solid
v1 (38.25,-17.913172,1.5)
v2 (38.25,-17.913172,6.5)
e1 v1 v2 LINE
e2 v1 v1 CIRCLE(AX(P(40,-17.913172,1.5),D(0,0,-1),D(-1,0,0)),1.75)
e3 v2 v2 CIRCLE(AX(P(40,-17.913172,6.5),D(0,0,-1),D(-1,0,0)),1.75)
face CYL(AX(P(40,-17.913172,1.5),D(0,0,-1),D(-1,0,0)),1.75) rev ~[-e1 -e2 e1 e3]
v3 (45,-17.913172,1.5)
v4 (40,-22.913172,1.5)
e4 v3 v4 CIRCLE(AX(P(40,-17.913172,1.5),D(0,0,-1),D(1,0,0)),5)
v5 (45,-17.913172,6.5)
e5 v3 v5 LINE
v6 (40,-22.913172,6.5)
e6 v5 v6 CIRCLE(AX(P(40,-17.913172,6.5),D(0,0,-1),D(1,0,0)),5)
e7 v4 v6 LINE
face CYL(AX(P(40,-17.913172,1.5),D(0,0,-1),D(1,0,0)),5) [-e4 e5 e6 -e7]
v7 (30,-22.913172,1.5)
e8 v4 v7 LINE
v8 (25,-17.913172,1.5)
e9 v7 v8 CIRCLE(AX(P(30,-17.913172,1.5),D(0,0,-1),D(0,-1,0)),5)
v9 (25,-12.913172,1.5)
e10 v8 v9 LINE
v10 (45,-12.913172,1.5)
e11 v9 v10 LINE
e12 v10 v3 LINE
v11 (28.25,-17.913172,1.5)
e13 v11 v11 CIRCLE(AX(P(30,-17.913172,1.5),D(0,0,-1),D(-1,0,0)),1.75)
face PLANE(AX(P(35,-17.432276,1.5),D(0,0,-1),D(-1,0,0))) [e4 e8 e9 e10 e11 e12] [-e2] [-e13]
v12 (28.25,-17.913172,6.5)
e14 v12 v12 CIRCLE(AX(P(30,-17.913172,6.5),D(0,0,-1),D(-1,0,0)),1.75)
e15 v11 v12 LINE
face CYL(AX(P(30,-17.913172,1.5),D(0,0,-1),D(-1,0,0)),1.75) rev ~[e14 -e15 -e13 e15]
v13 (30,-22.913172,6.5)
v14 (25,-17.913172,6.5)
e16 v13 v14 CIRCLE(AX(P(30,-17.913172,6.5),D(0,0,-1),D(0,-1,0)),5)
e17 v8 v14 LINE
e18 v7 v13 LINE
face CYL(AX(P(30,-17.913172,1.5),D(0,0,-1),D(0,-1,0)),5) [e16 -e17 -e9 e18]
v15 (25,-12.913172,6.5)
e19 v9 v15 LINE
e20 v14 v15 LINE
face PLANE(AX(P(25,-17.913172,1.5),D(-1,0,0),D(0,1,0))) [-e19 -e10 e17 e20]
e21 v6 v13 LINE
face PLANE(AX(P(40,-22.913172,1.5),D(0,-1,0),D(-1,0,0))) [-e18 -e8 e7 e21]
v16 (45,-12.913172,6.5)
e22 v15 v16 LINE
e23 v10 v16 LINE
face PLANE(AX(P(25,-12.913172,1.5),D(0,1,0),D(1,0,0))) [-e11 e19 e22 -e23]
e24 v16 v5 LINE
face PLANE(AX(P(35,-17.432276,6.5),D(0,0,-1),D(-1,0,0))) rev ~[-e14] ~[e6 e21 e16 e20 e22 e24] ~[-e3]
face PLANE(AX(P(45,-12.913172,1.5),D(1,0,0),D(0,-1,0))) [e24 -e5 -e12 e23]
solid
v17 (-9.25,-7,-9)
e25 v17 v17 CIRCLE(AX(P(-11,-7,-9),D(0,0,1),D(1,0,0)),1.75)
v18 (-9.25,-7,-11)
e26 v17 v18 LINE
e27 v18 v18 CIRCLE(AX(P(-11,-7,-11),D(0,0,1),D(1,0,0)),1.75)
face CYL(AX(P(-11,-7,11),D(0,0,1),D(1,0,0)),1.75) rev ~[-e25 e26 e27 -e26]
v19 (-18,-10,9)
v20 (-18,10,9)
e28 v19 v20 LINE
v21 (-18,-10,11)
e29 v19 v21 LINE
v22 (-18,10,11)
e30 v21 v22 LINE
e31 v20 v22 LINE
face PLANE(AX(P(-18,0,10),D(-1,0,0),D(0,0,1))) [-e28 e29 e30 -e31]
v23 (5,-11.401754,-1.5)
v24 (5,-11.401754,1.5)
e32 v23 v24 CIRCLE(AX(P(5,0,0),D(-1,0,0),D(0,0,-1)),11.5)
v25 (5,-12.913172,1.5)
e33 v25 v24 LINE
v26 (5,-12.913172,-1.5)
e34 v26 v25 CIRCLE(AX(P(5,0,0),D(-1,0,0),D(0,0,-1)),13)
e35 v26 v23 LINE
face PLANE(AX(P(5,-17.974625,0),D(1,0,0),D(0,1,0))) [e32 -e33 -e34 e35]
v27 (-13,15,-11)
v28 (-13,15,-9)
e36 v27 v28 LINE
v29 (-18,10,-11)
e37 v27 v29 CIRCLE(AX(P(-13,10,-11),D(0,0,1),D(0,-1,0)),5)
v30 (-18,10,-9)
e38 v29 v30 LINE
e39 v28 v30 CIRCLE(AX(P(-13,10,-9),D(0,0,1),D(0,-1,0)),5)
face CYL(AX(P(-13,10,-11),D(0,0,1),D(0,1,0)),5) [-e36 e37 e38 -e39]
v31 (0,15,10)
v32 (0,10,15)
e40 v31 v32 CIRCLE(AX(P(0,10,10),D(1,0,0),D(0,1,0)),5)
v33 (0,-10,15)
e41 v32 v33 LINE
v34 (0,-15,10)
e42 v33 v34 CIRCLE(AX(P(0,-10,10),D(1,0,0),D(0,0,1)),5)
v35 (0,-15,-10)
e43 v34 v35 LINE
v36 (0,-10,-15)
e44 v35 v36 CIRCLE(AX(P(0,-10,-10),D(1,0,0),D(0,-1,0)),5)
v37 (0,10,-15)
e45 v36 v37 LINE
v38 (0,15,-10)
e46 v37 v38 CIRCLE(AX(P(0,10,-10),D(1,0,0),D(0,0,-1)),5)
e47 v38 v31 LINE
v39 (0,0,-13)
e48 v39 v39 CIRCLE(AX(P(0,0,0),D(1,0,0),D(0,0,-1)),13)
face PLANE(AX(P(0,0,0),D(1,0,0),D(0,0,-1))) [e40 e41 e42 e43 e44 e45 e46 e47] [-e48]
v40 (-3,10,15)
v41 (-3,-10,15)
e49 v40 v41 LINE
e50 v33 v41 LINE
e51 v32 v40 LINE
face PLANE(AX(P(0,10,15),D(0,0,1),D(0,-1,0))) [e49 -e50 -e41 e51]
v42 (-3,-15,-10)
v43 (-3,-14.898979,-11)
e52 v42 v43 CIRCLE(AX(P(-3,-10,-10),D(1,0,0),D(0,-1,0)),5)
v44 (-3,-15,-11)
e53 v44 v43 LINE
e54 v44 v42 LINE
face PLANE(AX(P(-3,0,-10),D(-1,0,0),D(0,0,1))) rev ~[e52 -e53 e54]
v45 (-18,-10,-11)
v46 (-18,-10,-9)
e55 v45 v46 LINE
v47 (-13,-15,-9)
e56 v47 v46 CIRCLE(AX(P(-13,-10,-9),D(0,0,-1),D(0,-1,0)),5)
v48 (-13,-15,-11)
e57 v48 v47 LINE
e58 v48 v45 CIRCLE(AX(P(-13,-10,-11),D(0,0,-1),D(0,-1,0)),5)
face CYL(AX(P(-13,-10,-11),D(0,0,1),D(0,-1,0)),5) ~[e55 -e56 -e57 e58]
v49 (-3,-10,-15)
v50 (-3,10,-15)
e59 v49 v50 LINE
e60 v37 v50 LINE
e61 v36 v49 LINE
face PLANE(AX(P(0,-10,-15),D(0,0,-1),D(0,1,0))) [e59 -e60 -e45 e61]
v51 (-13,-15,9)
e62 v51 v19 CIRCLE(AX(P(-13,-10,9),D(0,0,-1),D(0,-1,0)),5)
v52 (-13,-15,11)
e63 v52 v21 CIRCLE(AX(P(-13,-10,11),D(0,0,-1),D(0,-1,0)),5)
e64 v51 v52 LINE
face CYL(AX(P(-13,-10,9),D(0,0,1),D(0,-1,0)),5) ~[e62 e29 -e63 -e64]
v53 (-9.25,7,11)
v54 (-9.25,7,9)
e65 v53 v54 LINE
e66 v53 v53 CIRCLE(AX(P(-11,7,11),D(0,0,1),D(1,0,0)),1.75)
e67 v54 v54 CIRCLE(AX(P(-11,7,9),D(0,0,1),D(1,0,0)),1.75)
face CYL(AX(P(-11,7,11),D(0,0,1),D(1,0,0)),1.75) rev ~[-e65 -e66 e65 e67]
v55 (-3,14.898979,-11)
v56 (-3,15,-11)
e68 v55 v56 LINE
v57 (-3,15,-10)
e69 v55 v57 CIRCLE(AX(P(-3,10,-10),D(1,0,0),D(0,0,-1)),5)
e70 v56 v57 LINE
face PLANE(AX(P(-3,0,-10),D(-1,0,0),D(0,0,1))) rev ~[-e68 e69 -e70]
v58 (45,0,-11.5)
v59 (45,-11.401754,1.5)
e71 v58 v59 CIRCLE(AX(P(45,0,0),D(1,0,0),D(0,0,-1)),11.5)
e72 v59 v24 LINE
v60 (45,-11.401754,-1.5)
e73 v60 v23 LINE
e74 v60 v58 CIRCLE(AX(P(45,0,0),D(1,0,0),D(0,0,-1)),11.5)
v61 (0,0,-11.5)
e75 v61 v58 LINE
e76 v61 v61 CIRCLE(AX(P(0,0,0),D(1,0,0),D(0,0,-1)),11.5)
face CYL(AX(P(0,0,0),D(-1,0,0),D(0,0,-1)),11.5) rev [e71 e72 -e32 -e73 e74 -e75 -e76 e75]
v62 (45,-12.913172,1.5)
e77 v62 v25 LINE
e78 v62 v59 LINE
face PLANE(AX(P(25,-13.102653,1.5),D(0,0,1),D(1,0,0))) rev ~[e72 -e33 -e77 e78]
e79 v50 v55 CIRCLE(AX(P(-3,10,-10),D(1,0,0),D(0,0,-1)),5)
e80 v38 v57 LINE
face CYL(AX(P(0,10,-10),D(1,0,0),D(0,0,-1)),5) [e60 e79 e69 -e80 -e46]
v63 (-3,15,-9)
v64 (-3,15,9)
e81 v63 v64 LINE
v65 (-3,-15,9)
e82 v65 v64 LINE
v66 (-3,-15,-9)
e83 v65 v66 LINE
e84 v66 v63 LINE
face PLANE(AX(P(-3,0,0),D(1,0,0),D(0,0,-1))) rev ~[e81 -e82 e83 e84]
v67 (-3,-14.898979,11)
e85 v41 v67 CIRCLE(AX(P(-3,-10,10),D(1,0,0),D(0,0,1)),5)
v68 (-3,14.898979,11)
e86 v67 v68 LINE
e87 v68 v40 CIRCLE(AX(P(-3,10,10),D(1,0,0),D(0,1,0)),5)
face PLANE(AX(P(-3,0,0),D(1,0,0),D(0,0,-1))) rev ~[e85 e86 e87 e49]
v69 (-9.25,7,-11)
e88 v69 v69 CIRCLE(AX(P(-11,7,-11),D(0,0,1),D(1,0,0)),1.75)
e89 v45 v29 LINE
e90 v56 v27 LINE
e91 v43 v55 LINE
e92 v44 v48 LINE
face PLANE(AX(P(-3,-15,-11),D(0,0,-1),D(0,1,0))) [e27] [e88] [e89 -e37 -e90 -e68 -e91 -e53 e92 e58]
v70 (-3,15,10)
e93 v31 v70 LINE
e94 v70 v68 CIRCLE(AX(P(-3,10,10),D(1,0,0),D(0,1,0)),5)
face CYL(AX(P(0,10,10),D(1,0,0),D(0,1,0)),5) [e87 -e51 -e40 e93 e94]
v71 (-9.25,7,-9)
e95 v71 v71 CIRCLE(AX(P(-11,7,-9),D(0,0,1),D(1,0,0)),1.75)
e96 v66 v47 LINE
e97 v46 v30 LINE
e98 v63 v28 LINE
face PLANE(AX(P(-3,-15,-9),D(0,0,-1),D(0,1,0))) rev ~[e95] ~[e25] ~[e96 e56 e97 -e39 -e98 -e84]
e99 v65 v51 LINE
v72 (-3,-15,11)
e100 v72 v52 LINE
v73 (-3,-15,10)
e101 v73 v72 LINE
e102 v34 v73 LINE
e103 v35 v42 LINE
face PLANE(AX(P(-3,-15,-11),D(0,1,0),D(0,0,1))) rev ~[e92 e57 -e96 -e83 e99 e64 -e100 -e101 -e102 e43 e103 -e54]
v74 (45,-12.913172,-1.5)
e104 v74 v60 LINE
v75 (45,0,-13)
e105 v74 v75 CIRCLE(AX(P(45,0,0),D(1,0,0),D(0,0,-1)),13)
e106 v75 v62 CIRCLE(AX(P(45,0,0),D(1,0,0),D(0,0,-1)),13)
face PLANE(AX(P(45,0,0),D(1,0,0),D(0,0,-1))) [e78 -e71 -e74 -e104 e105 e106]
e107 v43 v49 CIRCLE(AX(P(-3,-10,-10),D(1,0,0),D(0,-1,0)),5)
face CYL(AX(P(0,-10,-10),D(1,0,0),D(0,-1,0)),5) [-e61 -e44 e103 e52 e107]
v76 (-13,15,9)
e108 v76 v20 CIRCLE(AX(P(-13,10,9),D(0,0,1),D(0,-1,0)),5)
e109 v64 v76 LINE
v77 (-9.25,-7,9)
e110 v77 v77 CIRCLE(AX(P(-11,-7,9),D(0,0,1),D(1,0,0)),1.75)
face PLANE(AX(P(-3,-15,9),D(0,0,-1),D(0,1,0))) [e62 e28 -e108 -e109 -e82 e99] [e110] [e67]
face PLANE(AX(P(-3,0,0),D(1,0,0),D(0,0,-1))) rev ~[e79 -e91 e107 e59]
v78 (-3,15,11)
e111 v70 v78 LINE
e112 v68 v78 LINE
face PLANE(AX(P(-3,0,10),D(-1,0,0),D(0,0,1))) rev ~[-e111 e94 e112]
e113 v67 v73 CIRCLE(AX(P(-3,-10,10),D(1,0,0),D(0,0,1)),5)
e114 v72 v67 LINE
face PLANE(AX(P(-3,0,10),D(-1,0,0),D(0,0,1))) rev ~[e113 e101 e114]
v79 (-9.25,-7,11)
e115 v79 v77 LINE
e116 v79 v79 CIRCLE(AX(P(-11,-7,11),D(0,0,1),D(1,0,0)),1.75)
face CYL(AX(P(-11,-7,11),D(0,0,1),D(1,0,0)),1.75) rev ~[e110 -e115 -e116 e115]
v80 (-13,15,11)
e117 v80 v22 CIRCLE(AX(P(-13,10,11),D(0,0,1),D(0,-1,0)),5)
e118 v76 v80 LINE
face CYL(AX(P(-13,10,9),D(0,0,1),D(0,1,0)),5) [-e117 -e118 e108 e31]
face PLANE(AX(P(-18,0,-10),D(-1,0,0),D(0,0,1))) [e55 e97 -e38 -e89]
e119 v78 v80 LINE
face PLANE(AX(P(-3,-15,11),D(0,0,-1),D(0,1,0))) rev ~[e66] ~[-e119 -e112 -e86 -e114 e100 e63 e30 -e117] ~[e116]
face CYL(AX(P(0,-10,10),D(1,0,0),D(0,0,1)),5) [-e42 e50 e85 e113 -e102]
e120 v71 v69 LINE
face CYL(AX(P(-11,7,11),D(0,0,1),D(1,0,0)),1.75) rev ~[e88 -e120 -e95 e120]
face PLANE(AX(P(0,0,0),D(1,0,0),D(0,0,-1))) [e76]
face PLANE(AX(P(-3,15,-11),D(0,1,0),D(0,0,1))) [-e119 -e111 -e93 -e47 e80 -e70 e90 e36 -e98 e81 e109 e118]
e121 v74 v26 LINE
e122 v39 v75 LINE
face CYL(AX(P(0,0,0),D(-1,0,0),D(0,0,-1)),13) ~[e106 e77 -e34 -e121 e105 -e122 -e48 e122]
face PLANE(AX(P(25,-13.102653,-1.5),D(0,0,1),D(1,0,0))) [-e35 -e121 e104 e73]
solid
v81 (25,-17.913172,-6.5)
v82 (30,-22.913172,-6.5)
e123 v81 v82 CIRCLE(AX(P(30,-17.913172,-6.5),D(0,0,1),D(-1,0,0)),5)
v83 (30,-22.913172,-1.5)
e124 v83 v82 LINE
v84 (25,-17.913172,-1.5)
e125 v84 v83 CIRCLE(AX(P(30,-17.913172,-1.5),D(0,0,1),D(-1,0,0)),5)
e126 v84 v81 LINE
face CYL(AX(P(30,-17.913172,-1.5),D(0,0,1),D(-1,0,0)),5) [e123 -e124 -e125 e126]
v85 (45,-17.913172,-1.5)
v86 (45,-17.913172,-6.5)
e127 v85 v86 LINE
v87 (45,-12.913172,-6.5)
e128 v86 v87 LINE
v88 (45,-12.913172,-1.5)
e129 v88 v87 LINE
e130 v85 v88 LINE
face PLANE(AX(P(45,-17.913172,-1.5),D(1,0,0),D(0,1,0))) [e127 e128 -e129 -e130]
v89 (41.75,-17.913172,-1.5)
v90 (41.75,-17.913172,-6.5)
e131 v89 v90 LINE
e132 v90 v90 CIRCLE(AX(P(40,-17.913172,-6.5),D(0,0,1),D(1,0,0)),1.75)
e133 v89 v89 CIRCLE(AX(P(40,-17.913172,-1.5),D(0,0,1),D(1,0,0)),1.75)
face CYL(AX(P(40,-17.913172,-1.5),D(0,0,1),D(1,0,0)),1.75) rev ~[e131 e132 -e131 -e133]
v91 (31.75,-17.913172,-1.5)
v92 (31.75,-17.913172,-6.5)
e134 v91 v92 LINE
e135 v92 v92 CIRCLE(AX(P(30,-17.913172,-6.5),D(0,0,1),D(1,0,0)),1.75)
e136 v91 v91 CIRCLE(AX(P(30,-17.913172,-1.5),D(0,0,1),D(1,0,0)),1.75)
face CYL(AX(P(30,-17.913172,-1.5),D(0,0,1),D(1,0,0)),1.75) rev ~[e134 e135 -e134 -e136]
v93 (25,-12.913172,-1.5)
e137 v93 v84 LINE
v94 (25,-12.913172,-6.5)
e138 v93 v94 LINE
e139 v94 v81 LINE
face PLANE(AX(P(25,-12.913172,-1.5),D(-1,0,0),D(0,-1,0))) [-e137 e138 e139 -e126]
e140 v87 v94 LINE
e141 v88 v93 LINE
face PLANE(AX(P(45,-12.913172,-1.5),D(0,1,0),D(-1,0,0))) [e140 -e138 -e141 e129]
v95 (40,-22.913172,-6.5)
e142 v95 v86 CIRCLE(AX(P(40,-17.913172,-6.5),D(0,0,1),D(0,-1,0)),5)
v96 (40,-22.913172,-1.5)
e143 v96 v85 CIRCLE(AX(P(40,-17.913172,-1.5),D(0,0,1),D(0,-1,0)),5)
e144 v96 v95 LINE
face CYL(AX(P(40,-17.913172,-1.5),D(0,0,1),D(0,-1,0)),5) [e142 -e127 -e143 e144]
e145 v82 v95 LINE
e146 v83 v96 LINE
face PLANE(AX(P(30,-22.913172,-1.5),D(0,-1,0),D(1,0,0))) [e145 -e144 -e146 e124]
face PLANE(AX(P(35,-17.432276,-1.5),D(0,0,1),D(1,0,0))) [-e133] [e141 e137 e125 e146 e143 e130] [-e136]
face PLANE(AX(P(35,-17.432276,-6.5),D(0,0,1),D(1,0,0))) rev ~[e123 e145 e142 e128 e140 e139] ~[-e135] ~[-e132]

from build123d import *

# Parameters (mm, degrees)
SKETCH1_R            = 13
SKETCH1_R_2          = 11.5
BOSS_EXTRUDE5_DEPTH  = 45
BOSS_EXTRUDE7_DEPTH  = 3
SKETCH6_W            = 2
SKETCH6_H            = 30
BOSS_EXTRUDE8_DEPTH  = 15
SKETCH7_W            = 40
SKETCH7_H            = 9.743944637
CUT_EXTRUDE1_DEPTH   = 1.5
FILLET1_R            = 5
SKETCH8_R            = 1.75
CUT_EXTRUDE2_DEPTH   = 77
SKETCH9_R            = 1.75
BOSS_EXTRUDE9_DEPTH  = 5
SKETCH12_R           = 1.75
BOSS_EXTRUDE10_DEPTH = 5


with BuildPart() as part:
    # Sketch1 → Boss-Extrude5 (new body)
    with BuildSketch(Plane(origin=(0, 0, 0), x_dir=(0, 0, -1), z_dir=(1, 0, 0))):
        Circle(SKETCH1_R)
        Circle(SKETCH1_R_2, mode=Mode.SUBTRACT)
    extrude(amount=BOSS_EXTRUDE5_DEPTH)

    # Sketch5 → Boss-Extrude7 (add)
    with BuildSketch(Plane.ZY):
        with BuildLine():
            Line((-10, 15), (10, 15))
            ThreePointArc((10, 15), (13.535533906, 13.535533906), (15, 10))
            Line((15, 10), (15, -10))
            ThreePointArc((15, -10), (13.535533906, -13.535533906), (10, -15))
            Line((10, -15), (-10, -15))
            ThreePointArc((-10, -15), (-13.535533906, -13.535533906), (-15, -10))
            Line((-15, -10), (-15, 10))
            ThreePointArc((-15, 10), (-13.535533906, 13.535533906), (-10, 15))
        make_face()
    extrude(amount=BOSS_EXTRUDE7_DEPTH)

    # Sketch6 → Boss-Extrude8 (add)
    with BuildSketch(Plane.ZY.offset(3)):
        with Locations((-10, 0)):
            Rectangle(SKETCH6_W, SKETCH6_H)
        with Locations((10, 0)):
            Rectangle(SKETCH6_W, SKETCH6_H)
    extrude(amount=BOSS_EXTRUDE8_DEPTH)

    # Sketch7 → Cut-Extrude1 (cut, symmetric)
    with BuildSketch(Plane.XY):
        with Locations((25, -13.102652826)):
            Rectangle(SKETCH7_W, SKETCH7_H)
    extrude(amount=CUT_EXTRUDE1_DEPTH, both=True, mode=Mode.SUBTRACT)

    # Fillet1
    fillet1_edges = [part.edges().sort_by_distance(p)[0] for p in [
        (-18, -15, -10),
        (-18, 15, -10),
        (-18, -15, 10),
        (-18, 15, 10),
    ]]
    fillet(fillet1_edges, radius=FILLET1_R)

    # Sketch8 → Cut-Extrude2 (cut)
    with BuildSketch(Plane.XY.offset(11)):
        with Locations((-11, 7)):
            Circle(SKETCH8_R)
        with Locations((-11, -7)):
            Circle(SKETCH8_R)
    extrude(amount=-CUT_EXTRUDE2_DEPTH, mode=Mode.SUBTRACT)


with BuildPart() as body_2:
    # Sketch9 → Boss-Extrude9 (new body)
    with BuildSketch(Plane.XY.offset(-1.5)):
        with BuildLine():
            Line((45, -12.91317157), (25, -12.91317157))
            Line((25, -12.91317157), (25, -17.91317157))
            ThreePointArc((25, -17.91317157), (26.464466094, -21.448705476), (30, -22.91317157))
            Line((30, -22.91317157), (40, -22.91317157))
            ThreePointArc((40, -22.91317157), (43.535533906, -21.448705476), (45, -17.91317157))
            Line((45, -17.91317157), (45, -12.91317157))
        make_face()
        with Locations((40, -17.91317157)):
            Circle(SKETCH9_R, mode=Mode.SUBTRACT)
        with Locations((30, -17.91317157)):
            Circle(SKETCH9_R, mode=Mode.SUBTRACT)
    extrude(amount=-BOSS_EXTRUDE9_DEPTH)


with BuildPart() as body_3:
    # Sketch12 → Boss-Extrude10 (new body)
    with BuildSketch(Plane(origin=(0, 0, 1.5), x_dir=(-1, 0, 0), z_dir=(0, 0, -1))):
        with BuildLine():
            Line((-45, -12.91317157), (-45, -17.91317157))
            ThreePointArc((-45, -17.91317157), (-43.535533906, -21.448705476), (-40, -22.91317157))
            Line((-40, -22.91317157), (-30, -22.91317157))
            ThreePointArc((-30, -22.91317157), (-26.464466094, -21.448705476), (-25, -17.91317157))
            Line((-25, -17.91317157), (-25, -12.91317157))
            Line((-25, -12.91317157), (-45, -12.91317157))
        make_face()
        with Locations((-30, -17.91317157)):
            Circle(SKETCH12_R, mode=Mode.SUBTRACT)
        with Locations((-40, -17.91317157)):
            Circle(SKETCH12_R, mode=Mode.SUBTRACT)
    extrude(amount=-BOSS_EXTRUDE10_DEPTH)


solid = Compound([part.part, body_2.part, body_3.part])
